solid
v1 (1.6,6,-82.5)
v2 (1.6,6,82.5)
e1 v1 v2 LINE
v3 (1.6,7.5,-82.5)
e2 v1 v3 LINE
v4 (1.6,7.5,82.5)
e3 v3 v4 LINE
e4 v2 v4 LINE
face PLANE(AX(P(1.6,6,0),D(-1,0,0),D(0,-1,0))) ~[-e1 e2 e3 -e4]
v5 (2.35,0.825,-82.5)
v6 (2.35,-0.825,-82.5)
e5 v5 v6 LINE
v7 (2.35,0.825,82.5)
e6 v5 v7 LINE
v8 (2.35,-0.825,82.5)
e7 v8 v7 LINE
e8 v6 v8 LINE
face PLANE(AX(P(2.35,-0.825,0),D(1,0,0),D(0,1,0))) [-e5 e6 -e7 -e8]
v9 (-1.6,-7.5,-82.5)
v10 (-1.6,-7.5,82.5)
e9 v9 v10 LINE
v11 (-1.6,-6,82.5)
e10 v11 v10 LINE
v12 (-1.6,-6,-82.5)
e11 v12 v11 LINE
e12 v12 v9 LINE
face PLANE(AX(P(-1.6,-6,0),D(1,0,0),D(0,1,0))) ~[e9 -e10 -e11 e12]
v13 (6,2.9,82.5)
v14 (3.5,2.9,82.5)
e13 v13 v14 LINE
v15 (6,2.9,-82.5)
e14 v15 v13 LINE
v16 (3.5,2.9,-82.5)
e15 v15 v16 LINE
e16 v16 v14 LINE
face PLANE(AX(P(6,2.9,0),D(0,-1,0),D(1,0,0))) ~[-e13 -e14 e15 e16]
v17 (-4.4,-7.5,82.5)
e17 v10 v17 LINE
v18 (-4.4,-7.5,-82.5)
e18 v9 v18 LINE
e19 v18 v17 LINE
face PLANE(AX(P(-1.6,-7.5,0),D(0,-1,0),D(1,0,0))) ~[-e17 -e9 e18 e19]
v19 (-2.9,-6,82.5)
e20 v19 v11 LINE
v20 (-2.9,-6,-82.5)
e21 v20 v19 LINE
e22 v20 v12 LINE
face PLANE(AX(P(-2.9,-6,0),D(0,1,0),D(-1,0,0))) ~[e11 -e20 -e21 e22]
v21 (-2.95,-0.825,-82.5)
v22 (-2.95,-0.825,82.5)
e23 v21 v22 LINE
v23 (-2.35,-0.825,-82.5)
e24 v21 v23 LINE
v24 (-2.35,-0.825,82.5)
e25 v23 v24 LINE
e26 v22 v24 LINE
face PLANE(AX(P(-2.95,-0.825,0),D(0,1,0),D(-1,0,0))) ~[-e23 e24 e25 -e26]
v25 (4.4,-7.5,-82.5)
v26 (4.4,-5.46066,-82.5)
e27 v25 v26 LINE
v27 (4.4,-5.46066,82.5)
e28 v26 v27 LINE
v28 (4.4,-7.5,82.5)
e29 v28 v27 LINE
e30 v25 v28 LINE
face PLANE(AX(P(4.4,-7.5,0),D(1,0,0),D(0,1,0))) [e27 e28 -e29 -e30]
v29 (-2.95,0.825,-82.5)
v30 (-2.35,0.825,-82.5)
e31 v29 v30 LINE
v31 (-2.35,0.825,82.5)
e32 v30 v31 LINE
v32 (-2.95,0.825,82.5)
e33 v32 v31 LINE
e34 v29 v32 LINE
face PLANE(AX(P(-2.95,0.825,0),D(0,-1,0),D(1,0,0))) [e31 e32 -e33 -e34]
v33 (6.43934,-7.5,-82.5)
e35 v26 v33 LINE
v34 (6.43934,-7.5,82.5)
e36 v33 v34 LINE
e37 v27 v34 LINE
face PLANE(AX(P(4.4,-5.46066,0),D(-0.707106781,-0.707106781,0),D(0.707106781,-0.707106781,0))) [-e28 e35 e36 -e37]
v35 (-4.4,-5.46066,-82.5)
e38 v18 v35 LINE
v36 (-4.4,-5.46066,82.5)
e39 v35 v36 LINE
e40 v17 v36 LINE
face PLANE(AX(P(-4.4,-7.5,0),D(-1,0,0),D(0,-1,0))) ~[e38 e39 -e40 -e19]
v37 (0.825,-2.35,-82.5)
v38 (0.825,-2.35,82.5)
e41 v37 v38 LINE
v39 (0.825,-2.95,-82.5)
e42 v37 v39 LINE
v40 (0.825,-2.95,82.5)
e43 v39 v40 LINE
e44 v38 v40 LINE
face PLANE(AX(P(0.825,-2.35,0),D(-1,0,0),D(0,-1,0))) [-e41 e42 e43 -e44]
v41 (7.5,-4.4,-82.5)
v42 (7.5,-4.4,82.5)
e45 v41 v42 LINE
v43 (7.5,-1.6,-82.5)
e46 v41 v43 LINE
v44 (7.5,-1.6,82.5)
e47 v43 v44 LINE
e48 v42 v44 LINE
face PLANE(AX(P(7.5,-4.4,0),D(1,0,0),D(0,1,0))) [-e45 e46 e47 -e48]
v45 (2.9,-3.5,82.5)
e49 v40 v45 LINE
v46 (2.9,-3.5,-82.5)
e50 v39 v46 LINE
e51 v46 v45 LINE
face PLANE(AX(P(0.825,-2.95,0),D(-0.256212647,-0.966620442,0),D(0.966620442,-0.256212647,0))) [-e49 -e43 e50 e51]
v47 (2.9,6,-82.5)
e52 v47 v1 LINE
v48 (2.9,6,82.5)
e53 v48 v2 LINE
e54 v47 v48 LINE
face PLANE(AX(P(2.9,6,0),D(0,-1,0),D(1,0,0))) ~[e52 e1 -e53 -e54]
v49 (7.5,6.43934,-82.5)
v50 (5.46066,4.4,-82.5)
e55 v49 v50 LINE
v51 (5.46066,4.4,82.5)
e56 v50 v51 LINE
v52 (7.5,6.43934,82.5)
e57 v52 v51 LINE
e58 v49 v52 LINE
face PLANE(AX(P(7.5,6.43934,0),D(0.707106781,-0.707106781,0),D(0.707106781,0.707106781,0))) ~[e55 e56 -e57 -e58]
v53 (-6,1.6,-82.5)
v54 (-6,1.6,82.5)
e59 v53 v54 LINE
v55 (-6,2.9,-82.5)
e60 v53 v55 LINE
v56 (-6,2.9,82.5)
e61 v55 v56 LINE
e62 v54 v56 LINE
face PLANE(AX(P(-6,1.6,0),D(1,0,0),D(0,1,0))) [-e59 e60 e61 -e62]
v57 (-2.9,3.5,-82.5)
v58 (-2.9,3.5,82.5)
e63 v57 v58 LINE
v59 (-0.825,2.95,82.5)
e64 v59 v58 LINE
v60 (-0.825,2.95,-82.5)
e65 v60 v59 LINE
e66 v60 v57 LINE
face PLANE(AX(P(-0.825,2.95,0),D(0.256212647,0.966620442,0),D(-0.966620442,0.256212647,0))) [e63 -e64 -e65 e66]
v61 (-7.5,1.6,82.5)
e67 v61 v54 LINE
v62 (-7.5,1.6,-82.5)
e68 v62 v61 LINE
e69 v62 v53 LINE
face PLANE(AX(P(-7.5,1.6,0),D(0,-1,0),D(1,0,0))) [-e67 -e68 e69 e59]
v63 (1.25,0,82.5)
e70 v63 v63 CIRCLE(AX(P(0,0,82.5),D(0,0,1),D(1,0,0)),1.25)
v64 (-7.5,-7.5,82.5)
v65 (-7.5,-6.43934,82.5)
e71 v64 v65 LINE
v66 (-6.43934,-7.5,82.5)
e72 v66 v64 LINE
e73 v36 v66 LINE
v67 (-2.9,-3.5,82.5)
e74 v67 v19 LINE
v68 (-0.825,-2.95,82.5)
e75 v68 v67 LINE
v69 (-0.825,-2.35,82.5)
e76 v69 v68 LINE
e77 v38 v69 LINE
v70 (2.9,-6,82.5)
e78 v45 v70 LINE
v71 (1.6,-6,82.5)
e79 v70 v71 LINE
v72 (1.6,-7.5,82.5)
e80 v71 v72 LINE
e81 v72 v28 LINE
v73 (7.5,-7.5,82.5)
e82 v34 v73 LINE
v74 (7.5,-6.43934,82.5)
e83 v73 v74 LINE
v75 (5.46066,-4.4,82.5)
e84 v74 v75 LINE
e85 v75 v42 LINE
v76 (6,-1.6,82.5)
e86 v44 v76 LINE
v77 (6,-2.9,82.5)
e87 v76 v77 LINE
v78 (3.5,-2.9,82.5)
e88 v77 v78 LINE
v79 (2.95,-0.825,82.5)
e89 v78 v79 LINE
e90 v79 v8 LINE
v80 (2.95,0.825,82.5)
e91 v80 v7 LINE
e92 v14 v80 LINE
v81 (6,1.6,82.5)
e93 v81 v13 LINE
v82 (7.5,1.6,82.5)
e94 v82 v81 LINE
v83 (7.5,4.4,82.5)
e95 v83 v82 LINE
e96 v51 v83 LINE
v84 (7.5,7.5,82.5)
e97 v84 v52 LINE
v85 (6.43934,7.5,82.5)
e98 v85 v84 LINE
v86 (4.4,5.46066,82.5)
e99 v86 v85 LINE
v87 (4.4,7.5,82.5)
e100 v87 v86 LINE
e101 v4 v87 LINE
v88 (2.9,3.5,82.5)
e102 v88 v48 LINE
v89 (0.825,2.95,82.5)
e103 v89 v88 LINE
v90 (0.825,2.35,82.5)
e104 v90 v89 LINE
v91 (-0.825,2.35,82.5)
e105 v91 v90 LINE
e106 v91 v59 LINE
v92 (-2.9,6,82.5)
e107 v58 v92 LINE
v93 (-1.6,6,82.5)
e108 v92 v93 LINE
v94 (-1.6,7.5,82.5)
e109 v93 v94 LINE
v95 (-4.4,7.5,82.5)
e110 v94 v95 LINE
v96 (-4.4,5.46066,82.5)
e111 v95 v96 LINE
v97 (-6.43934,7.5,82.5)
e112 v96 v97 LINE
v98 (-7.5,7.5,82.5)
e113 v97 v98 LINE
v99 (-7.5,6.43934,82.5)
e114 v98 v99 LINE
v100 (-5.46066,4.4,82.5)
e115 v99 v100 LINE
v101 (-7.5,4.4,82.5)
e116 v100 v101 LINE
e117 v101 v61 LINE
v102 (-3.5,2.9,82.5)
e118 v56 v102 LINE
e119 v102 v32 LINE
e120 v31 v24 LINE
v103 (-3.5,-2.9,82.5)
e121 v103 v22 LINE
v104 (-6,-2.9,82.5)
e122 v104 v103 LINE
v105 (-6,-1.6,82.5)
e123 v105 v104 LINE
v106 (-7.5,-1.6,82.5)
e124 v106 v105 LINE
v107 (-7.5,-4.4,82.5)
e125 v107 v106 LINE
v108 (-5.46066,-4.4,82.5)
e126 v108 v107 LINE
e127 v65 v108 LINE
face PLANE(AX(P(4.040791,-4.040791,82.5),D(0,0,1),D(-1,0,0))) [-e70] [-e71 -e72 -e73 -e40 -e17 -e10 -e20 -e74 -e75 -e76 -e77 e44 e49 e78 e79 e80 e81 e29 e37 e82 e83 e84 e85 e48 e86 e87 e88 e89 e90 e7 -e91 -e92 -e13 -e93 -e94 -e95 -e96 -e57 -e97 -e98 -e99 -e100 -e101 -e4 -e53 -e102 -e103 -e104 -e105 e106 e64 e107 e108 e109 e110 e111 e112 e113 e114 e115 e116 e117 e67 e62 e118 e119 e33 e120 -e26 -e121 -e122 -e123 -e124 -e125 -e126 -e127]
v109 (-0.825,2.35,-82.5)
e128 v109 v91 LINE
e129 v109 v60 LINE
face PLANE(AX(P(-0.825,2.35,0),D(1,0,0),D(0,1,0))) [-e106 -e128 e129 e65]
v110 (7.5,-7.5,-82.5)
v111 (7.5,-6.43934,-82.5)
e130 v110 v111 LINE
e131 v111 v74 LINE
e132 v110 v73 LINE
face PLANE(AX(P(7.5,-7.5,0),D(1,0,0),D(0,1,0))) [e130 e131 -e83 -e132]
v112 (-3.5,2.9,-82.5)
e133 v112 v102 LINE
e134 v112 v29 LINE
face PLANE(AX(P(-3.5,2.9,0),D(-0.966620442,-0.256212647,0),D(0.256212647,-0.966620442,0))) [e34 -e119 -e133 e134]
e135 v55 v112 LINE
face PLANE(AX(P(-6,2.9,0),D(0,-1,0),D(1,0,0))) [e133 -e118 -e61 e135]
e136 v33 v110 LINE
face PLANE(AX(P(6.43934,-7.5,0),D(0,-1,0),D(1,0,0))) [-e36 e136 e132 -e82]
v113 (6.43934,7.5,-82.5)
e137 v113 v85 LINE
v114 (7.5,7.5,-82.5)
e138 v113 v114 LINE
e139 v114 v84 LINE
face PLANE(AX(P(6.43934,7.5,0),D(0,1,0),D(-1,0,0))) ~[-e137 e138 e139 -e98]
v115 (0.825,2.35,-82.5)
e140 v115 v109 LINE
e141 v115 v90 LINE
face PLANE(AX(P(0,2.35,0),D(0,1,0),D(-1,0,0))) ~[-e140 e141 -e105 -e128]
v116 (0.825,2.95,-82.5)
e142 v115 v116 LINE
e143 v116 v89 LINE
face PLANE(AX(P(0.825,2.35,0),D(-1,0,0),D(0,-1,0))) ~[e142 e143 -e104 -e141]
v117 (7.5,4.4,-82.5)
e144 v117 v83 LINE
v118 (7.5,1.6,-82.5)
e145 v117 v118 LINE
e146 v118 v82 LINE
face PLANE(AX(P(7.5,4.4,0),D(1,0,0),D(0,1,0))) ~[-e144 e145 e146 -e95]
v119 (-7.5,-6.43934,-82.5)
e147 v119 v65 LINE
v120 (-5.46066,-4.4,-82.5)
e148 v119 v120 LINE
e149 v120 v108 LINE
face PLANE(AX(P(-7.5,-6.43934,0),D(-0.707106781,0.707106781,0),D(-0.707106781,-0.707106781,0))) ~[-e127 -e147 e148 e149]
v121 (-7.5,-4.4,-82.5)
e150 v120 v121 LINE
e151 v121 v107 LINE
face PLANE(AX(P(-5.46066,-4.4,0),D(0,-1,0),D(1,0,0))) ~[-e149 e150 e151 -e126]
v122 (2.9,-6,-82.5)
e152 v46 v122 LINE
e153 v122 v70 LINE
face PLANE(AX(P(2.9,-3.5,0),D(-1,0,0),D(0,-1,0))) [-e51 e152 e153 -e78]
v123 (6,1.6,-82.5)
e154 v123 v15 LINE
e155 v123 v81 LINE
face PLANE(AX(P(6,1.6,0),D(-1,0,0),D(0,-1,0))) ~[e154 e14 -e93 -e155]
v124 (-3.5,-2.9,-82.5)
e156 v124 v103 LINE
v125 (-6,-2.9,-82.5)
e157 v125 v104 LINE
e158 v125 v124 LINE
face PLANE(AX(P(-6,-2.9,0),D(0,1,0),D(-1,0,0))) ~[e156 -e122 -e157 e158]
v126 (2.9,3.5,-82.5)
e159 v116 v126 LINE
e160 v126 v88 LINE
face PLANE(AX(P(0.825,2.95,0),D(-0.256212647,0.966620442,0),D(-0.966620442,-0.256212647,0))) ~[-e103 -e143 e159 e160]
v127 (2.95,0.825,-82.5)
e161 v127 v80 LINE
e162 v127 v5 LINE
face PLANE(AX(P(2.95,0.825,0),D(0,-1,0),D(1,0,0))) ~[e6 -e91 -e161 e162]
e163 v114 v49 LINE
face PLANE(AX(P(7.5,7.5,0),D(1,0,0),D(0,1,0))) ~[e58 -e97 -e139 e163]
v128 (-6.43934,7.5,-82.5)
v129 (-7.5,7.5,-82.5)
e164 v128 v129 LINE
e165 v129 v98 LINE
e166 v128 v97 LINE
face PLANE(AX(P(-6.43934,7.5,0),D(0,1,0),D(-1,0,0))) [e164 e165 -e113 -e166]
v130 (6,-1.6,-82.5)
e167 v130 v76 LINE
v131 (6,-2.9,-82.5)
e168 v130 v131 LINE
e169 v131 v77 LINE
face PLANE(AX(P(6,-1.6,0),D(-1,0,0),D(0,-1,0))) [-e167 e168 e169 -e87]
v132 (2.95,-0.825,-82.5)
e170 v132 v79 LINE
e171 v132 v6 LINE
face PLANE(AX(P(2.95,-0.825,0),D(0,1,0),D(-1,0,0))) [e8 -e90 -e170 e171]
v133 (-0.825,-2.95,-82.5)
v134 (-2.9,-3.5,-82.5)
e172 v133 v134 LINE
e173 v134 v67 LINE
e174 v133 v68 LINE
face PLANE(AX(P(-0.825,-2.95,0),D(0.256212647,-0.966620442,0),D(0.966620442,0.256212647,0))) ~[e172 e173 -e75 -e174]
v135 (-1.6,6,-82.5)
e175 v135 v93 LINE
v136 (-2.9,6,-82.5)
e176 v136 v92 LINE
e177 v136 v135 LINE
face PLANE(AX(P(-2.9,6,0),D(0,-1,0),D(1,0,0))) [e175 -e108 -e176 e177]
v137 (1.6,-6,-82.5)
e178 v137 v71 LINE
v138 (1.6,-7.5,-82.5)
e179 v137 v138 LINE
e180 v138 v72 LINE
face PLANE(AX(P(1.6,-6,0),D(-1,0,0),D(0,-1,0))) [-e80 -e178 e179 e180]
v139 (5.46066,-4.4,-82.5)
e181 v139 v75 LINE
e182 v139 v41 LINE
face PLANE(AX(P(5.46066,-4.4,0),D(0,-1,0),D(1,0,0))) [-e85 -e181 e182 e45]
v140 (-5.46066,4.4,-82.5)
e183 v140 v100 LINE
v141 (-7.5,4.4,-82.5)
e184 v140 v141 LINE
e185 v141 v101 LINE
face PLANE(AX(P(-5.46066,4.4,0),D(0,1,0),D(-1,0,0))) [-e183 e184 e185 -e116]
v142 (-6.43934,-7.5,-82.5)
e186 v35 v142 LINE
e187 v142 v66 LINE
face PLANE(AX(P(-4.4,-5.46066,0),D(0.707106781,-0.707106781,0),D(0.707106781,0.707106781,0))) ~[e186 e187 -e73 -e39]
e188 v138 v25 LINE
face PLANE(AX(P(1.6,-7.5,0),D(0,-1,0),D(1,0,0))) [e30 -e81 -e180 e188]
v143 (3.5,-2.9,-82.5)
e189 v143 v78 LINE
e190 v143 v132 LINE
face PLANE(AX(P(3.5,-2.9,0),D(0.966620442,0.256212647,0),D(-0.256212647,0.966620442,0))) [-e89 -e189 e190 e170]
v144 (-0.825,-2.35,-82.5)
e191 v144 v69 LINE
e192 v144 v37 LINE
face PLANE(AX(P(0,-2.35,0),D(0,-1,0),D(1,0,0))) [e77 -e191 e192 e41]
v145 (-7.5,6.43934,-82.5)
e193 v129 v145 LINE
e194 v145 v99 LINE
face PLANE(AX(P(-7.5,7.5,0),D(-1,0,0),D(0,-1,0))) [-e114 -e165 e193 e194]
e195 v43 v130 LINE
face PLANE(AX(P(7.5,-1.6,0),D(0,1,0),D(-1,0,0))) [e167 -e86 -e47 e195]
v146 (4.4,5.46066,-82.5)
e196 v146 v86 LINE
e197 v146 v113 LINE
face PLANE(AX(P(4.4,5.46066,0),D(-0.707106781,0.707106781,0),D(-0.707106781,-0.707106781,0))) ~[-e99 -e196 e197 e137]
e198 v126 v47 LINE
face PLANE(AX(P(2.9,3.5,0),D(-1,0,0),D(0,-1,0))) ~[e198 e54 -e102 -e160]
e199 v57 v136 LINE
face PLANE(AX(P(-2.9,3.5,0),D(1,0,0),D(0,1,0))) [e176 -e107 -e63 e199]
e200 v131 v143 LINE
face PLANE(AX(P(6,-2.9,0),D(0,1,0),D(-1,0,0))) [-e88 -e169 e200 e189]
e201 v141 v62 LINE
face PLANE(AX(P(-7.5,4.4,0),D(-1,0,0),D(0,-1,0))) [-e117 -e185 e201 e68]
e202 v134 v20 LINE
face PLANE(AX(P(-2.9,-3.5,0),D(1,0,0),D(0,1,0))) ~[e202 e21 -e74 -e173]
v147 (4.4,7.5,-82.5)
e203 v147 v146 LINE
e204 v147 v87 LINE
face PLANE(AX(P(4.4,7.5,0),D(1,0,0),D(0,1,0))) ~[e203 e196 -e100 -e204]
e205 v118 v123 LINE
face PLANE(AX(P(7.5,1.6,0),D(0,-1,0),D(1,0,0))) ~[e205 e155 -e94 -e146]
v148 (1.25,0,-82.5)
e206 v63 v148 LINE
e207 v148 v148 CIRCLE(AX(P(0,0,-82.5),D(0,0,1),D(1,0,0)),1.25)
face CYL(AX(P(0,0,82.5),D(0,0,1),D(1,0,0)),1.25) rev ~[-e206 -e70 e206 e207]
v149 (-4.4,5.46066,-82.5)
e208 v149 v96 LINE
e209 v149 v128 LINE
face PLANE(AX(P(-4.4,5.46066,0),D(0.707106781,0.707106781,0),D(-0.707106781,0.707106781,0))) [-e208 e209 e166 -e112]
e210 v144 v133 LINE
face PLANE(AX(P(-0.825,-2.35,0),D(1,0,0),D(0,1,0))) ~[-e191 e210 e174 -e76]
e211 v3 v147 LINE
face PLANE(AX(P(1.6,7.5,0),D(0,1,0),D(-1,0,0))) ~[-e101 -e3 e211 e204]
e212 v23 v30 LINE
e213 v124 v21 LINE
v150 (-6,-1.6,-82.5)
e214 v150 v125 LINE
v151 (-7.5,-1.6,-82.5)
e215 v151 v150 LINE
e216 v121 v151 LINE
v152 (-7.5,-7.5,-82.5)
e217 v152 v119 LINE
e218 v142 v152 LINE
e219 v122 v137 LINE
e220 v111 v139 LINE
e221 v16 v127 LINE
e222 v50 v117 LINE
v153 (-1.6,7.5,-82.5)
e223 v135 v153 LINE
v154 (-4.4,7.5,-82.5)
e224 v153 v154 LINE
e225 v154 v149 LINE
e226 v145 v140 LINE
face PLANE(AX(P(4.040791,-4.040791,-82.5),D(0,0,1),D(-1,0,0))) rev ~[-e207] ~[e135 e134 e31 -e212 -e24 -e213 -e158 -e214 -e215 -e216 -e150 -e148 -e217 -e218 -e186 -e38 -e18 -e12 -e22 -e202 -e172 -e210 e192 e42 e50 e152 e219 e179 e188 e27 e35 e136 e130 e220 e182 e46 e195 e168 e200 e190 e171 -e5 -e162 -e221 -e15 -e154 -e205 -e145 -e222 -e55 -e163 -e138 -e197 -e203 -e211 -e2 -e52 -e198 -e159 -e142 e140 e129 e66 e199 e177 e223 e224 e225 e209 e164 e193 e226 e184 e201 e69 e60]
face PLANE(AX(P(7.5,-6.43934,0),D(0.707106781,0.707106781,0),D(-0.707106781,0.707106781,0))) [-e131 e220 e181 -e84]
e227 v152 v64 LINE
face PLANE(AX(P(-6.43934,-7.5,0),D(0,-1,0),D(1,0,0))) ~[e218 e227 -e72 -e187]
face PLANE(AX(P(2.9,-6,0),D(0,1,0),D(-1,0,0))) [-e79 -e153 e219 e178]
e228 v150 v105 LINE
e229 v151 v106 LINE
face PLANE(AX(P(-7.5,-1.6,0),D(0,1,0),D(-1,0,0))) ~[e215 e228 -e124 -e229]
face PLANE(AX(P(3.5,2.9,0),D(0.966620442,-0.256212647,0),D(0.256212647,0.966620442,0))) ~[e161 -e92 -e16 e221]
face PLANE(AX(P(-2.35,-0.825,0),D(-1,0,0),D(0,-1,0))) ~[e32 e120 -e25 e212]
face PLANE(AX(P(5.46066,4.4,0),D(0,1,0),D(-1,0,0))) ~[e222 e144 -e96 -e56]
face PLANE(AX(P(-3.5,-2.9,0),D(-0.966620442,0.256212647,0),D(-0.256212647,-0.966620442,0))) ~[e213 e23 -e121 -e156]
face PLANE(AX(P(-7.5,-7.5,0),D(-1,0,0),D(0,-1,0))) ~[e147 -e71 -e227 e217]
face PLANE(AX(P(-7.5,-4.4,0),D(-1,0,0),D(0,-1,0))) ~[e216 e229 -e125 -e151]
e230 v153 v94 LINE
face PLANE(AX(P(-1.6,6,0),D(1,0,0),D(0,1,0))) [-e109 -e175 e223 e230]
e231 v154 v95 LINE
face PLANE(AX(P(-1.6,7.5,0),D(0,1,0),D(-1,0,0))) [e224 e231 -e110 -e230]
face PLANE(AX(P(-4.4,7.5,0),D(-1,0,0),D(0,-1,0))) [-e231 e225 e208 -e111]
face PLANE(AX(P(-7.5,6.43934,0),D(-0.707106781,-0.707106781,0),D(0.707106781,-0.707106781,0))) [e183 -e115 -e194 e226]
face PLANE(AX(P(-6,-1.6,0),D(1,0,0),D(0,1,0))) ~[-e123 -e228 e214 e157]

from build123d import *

# Parameters (mm, degrees)
RESSALTO_EXTRUS_O1_DEPTH   = 82.5
ESPELHAR2_COPY_1_DEPTH     = 82.5
ESBO_O2_R                  = 1.25
CORTE_EXTRUS_O1_DEPTH      = 1
CORTE_EXTRUS_O1_DEPTH_BACK = 166


with BuildPart() as part:
    # Esboço1 → Ressalto-extrusão1 (new body, symmetric)
    with BuildSketch(Plane.XY):
        Polygon((0, 2.35), (-0.825, 2.35), (-0.825, 2.95), (-2.9, 3.5), (-2.9, 6), (-1.6, 6), (-1.6, 7.5), (-4.4, 7.5), (-4.4, 5.460660172), (-6.439339828, 7.5), (-7.5, 7.5), (-7.5, 6.439339828), (-5.460660172, 4.4), (-7.5, 4.4), (-7.5, 1.6), (-6, 1.6), (-6, 2.9), (-3.5, 2.9), (-2.95, 0.825), (-2.35, 0.825), (-2.35, 0), (0, 0), align=None)
    ressalto_extrus_o1 = extrude(amount=RESSALTO_EXTRUS_O1_DEPTH, both=True)

    # Espelhar1: Ressalto-extrusão1 across plane
    add(ressalto_extrus_o1.mirror(Plane.ZX))

    # Espelhar2: Ressalto-extrusão1 across plane
    add(ressalto_extrus_o1.mirror(Plane(origin=(0, 0, 0), x_dir=(0, 0, 1), z_dir=(1, 0, 0))))

    # Espelhar2 copy 1 sketch → Espelhar2 copy 1 (add, symmetric)
    with BuildSketch(Plane(origin=(0, 0, 0), x_dir=(-1, 0, 0), z_dir=(0, 0, 1))):
        Polygon((0, 2.35), (-0.825, 2.35), (-0.825, 2.95), (-2.9, 3.5), (-2.9, 6), (-1.6, 6), (-1.6, 7.5), (-4.4, 7.5), (-4.4, 5.460660172), (-6.439339828, 7.5), (-7.5, 7.5), (-7.5, 6.439339828), (-5.460660172, 4.4), (-7.5, 4.4), (-7.5, 1.6), (-6, 1.6), (-6, 2.9), (-3.5, 2.9), (-2.95, 0.825), (-2.35, 0.825), (-2.35, 0), (0, 0), align=None)
    extrude(amount=ESPELHAR2_COPY_1_DEPTH, both=True)

    # Esboço2 → Corte-extrusão1 (cut, two sides)
    with BuildSketch(Plane.XY.offset(82.5)) as corte_extrus_o1_sk:
        Circle(ESBO_O2_R)
    extrude(amount=CORTE_EXTRUS_O1_DEPTH, mode=Mode.SUBTRACT)
    extrude(corte_extrus_o1_sk.sketch, amount=-CORTE_EXTRUS_O1_DEPTH_BACK, mode=Mode.SUBTRACT)


solid = part.part
